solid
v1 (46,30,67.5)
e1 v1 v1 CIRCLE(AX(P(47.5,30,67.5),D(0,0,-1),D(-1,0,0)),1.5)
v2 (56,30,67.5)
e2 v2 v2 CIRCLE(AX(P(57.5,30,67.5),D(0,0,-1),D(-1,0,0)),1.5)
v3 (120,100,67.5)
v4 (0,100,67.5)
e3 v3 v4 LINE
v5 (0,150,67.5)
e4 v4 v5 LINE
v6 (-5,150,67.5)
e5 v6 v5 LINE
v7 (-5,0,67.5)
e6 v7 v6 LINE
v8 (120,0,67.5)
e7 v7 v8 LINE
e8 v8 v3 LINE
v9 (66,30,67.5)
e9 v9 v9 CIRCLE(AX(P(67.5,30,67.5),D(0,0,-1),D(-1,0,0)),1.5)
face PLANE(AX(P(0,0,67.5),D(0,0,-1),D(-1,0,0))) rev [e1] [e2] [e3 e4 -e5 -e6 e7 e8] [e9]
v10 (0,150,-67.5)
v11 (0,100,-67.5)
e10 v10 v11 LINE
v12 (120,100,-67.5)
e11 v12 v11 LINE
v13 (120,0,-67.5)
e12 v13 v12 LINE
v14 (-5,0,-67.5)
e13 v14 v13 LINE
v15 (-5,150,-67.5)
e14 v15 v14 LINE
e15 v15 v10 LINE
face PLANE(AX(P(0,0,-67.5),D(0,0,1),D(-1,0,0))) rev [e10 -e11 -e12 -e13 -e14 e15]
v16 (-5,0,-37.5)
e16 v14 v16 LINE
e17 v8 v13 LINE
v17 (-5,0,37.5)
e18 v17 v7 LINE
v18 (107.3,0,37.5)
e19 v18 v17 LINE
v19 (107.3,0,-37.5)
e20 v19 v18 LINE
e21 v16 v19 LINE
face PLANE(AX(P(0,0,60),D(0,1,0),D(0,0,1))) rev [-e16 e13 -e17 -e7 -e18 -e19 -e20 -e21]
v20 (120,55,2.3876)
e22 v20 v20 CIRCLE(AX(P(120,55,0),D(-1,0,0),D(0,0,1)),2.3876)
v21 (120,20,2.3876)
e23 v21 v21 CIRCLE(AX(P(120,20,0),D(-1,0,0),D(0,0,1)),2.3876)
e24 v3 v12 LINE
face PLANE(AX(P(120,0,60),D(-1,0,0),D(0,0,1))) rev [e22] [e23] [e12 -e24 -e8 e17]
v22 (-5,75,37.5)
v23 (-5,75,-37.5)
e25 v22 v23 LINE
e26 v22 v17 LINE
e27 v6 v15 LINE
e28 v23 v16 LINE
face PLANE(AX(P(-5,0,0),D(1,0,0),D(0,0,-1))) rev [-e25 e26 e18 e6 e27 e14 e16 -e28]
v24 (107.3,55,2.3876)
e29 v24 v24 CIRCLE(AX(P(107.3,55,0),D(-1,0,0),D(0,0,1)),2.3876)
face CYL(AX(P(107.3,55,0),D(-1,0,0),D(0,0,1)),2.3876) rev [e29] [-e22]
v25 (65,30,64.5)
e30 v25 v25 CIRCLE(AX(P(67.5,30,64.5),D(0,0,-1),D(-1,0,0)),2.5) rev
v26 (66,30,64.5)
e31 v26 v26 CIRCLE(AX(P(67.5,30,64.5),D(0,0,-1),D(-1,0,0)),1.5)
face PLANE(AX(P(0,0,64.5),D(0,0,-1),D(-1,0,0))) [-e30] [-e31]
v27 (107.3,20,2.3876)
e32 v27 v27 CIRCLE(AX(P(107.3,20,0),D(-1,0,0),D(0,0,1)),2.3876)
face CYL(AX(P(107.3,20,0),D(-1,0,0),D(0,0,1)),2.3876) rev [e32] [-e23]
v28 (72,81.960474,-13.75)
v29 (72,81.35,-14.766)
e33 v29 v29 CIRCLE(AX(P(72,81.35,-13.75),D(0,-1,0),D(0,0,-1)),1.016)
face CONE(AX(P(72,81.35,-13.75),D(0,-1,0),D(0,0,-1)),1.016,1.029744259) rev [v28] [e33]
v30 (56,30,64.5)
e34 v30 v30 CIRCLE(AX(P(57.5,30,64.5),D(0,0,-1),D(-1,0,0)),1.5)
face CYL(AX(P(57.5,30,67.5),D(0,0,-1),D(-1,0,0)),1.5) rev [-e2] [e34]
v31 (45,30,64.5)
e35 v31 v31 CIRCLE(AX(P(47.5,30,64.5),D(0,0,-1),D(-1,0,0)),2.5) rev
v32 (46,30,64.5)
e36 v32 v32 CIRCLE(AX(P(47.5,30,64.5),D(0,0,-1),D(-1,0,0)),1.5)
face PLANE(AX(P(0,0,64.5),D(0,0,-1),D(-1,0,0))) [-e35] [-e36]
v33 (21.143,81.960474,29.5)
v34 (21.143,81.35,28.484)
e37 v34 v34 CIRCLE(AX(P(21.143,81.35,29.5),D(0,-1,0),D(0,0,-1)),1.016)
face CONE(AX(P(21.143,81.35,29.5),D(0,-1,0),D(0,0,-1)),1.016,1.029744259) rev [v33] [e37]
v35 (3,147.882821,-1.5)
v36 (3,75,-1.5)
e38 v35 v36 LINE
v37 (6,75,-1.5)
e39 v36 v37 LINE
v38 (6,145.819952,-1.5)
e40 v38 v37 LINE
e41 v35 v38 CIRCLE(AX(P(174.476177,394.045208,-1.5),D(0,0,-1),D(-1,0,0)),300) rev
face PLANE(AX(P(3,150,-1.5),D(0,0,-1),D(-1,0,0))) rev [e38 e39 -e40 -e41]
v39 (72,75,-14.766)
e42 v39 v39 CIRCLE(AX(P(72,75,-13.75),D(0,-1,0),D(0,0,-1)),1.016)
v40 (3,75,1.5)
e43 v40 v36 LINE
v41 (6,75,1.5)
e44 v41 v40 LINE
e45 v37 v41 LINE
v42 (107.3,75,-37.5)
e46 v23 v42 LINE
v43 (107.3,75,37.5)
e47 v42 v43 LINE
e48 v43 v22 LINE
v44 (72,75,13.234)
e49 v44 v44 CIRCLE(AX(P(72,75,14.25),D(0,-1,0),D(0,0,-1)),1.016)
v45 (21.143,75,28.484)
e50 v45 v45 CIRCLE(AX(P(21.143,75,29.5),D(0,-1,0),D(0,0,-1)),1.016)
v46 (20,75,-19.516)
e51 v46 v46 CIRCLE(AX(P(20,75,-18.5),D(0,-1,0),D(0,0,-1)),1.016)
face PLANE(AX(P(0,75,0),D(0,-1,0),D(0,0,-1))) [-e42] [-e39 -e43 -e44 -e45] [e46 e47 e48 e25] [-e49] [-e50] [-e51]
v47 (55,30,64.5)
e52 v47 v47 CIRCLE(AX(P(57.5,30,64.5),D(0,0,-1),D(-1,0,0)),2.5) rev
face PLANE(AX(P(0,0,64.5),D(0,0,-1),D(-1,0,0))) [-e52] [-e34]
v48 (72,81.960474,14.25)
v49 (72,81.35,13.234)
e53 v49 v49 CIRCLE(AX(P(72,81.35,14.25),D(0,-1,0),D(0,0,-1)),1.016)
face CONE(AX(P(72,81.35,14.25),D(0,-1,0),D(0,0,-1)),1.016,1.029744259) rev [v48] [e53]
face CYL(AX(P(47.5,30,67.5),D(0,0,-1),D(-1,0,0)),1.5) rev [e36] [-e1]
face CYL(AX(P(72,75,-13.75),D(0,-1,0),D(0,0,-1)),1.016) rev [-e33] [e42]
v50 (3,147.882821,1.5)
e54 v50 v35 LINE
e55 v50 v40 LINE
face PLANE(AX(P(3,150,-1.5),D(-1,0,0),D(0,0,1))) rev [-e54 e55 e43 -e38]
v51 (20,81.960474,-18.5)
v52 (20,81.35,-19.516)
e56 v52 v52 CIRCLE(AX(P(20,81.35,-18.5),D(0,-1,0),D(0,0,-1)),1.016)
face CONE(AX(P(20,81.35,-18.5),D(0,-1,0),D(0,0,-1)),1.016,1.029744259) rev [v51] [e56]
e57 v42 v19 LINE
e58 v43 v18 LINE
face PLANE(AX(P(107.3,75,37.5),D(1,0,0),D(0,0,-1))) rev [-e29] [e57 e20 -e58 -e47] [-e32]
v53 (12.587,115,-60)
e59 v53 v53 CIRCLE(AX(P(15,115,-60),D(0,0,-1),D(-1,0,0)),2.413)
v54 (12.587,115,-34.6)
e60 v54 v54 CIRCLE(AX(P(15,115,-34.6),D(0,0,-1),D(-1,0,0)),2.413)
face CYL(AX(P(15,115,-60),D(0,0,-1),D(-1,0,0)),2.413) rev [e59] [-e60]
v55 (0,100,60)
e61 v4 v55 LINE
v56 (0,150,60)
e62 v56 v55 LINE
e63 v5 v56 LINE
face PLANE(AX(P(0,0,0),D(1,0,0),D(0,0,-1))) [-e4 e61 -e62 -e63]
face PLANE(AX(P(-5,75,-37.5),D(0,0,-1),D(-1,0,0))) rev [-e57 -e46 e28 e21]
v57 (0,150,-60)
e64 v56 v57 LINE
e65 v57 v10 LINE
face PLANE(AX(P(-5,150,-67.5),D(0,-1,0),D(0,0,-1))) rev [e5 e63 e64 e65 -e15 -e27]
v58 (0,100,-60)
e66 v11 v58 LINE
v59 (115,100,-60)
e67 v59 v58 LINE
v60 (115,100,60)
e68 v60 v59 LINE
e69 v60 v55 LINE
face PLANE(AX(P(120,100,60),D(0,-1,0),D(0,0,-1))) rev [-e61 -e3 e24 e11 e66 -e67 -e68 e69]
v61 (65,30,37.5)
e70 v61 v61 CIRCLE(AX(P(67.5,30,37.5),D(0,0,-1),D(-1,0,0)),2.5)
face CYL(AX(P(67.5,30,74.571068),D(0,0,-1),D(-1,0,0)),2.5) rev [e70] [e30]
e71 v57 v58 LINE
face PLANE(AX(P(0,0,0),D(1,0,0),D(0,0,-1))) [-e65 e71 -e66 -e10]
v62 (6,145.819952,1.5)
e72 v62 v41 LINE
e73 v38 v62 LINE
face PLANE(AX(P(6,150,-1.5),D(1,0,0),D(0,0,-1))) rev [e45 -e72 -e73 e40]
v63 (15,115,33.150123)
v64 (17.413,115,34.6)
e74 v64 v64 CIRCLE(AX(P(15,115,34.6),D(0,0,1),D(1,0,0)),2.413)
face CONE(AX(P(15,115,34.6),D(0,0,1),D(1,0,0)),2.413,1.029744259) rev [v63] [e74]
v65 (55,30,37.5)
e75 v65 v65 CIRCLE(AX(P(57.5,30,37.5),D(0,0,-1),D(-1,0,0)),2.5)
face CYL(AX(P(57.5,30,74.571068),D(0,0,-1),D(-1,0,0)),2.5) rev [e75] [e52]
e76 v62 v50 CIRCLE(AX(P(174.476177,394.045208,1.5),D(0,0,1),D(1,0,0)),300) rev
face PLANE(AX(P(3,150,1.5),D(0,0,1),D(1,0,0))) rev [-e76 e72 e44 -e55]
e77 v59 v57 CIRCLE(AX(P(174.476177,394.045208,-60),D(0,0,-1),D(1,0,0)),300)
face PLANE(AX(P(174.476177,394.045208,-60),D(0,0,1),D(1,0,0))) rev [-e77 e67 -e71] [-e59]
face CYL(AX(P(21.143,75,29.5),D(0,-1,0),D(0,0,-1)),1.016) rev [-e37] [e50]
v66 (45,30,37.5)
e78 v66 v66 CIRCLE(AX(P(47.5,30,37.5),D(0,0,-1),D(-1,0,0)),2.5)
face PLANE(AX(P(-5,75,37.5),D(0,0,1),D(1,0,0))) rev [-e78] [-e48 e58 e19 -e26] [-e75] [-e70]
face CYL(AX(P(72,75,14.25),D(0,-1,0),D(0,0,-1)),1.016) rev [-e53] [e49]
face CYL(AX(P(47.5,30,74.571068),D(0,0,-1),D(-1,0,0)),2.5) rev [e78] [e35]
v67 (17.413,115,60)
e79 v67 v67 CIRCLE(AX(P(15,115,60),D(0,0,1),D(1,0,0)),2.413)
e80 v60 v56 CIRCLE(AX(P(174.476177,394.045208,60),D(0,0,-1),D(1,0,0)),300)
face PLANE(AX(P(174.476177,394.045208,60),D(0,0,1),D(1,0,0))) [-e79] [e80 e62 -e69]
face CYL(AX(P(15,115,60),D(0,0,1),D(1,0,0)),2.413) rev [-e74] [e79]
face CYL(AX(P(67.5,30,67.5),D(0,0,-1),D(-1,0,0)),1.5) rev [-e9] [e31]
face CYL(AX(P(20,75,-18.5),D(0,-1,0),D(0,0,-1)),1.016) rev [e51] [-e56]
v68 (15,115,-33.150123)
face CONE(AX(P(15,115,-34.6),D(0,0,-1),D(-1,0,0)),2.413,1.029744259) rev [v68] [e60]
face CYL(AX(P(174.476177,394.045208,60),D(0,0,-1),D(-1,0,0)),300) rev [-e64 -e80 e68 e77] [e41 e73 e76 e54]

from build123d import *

# Parameters (mm, degrees)
BOSS_EXTRUDE2_DEPTH       = 60
SKETCH4_W                 = 120
SKETCH4_H                 = 100
BOSS_EXTRUDE3_DEPTH       = 7.5
SKETCH5_W                 = 135
SKETCH5_H                 = 150
BOSS_EXTRUDE4_DEPTH       = 5
SKETCH6_W                 = 112.3
SKETCH6_H                 = 75
CUT_EXTRUDE2_DEPTH        = 75
F_10_CLEARANCE_HOLE1_D    = 4.7752
F_2_CLEARANCE_HOLE1_D     = 2.032
F_2_CLEARANCE_HOLE1_DEPTH = 6.35
F_2_CLEARANCE_HOLE1_TIP   = 0.610474389
SKETCH17_W                = 3
SKETCH17_H                = 3
CUT_EXTRUDE4_DEPTH        = 76
SKETCH18_R                = 2.5
CUT_EXTRUDE5_DEPTH        = 27
SKETCH19_R                = 1.5
CUT_EXTRUDE6_DEPTH        = 4


with BuildPart() as part:
    # Sketch3 → Boss-Extrude2 (new body, symmetric)
    with BuildSketch(Plane.XY):
        with BuildLine():
            Line((0, 0), (120, 0))
            Line((120, 0), (120, 100))
            Line((120, 100), (115, 100))
            ThreePointArc((115, 100), (54.85834395, 118.924191085), (0, 150))
            Line((0, 150), (0, 0))
        make_face()
    extrude(amount=BOSS_EXTRUDE2_DEPTH, both=True)

    # Sketch4 → Boss-Extrude3 (add)
    with BuildSketch(Plane.XY.offset(60)):
        with Locations((60, 50)):
            Rectangle(SKETCH4_W, SKETCH4_H)
    boss_extrude3 = extrude(amount=BOSS_EXTRUDE3_DEPTH)

    # Mirror1: Boss-Extrude3 across plane
    add(boss_extrude3.mirror(Plane.XY))

    # Sketch5 → Boss-Extrude4 (add)
    with BuildSketch(Plane.ZY):
        with Locations((0, 75)):
            Rectangle(SKETCH5_W, SKETCH5_H)
    extrude(amount=BOSS_EXTRUDE4_DEPTH)

    # Sketch6 → Cut-Extrude2 (cut)
    with BuildSketch(Plane.XZ):
        with Locations((51.15, 0)):
            Rectangle(SKETCH6_W, SKETCH6_H)
    extrude(amount=-CUT_EXTRUDE2_DEPTH, mode=Mode.SUBTRACT)

    # #10 Clearance Hole1 (through all)
    with Locations(Plane.ZY.offset(-107.3)):
        with Locations((0, 55), (0, 20)):
            Hole(F_10_CLEARANCE_HOLE1_D / 2)

    # #2 Clearance Hole1
    with Locations(Plane(origin=(0, 75, 0), x_dir=(-1, 0, 0), z_dir=(0, -1, 0))):
        with Locations((-20, 18.5), (-72, -14.25), (-72, 13.75), (-21.143, -29.5)):
            Hole(F_2_CLEARANCE_HOLE1_D / 2, depth=F_2_CLEARANCE_HOLE1_DEPTH)
            with Locations((0, 0, -(F_2_CLEARANCE_HOLE1_DEPTH + F_2_CLEARANCE_HOLE1_TIP / 2))):  # 118° drill point
                Cone(0, F_2_CLEARANCE_HOLE1_D / 2, F_2_CLEARANCE_HOLE1_TIP, mode=Mode.SUBTRACT)

    # Sketch15 → #10 Clearance Hole2 (revolve, cut)
    with BuildSketch(Plane(origin=(15, 115, 60), x_dir=(0, -1, 0), z_dir=(1, 0, 0))):
        Polygon((0, 0), (0, 26.849876674), (2.413, 25.4), (2.413, 0), align=None)
    f_10_clearance_hole2 = revolve(axis=Axis((15, 115, 66.35), (0, 0, -1)), mode=Mode.SUBTRACT)

    # Mirror2: #10 Clearance Hole2 across plane
    add(f_10_clearance_hole2.mirror(Plane.XY), mode=Mode.SUBTRACT)

    # Sketch17 → Cut-Extrude4 (cut, through all)
    with BuildSketch(Plane.XZ.offset(-75)):
        with Locations((4.5, 0)):
            Rectangle(SKETCH17_W, SKETCH17_H)
    extrude(amount=-CUT_EXTRUDE4_DEPTH, mode=Mode.SUBTRACT)

    # Sketch18 → Cut-Extrude5 (cut)
    with BuildSketch(Plane(origin=(0, 0, 37.5), x_dir=(-1, 0, 0), z_dir=(0, 0, -1))):
        with Locations((-67.5, 30)):
            Circle(SKETCH18_R)
        with Locations((-57.5, 30)):
            Circle(SKETCH18_R)
        with Locations((-47.5, 30)):
            Circle(SKETCH18_R)
    extrude(amount=-CUT_EXTRUDE5_DEPTH, mode=Mode.SUBTRACT)

    # Sketch19 → Cut-Extrude6 (cut, through all)
    with BuildSketch(Plane(origin=(0, 0, 64.5), x_dir=(-1, 0, 0), z_dir=(0, 0, -1))):
        with Locations((-67.5, 30)):
            Circle(SKETCH19_R)
        with Locations((-57.5, 30)):
            Circle(SKETCH19_R)
        with Locations((-47.5, 30)):
            Circle(SKETCH19_R)
    extrude(amount=-CUT_EXTRUDE6_DEPTH, mode=Mode.SUBTRACT)


solid = part.part
